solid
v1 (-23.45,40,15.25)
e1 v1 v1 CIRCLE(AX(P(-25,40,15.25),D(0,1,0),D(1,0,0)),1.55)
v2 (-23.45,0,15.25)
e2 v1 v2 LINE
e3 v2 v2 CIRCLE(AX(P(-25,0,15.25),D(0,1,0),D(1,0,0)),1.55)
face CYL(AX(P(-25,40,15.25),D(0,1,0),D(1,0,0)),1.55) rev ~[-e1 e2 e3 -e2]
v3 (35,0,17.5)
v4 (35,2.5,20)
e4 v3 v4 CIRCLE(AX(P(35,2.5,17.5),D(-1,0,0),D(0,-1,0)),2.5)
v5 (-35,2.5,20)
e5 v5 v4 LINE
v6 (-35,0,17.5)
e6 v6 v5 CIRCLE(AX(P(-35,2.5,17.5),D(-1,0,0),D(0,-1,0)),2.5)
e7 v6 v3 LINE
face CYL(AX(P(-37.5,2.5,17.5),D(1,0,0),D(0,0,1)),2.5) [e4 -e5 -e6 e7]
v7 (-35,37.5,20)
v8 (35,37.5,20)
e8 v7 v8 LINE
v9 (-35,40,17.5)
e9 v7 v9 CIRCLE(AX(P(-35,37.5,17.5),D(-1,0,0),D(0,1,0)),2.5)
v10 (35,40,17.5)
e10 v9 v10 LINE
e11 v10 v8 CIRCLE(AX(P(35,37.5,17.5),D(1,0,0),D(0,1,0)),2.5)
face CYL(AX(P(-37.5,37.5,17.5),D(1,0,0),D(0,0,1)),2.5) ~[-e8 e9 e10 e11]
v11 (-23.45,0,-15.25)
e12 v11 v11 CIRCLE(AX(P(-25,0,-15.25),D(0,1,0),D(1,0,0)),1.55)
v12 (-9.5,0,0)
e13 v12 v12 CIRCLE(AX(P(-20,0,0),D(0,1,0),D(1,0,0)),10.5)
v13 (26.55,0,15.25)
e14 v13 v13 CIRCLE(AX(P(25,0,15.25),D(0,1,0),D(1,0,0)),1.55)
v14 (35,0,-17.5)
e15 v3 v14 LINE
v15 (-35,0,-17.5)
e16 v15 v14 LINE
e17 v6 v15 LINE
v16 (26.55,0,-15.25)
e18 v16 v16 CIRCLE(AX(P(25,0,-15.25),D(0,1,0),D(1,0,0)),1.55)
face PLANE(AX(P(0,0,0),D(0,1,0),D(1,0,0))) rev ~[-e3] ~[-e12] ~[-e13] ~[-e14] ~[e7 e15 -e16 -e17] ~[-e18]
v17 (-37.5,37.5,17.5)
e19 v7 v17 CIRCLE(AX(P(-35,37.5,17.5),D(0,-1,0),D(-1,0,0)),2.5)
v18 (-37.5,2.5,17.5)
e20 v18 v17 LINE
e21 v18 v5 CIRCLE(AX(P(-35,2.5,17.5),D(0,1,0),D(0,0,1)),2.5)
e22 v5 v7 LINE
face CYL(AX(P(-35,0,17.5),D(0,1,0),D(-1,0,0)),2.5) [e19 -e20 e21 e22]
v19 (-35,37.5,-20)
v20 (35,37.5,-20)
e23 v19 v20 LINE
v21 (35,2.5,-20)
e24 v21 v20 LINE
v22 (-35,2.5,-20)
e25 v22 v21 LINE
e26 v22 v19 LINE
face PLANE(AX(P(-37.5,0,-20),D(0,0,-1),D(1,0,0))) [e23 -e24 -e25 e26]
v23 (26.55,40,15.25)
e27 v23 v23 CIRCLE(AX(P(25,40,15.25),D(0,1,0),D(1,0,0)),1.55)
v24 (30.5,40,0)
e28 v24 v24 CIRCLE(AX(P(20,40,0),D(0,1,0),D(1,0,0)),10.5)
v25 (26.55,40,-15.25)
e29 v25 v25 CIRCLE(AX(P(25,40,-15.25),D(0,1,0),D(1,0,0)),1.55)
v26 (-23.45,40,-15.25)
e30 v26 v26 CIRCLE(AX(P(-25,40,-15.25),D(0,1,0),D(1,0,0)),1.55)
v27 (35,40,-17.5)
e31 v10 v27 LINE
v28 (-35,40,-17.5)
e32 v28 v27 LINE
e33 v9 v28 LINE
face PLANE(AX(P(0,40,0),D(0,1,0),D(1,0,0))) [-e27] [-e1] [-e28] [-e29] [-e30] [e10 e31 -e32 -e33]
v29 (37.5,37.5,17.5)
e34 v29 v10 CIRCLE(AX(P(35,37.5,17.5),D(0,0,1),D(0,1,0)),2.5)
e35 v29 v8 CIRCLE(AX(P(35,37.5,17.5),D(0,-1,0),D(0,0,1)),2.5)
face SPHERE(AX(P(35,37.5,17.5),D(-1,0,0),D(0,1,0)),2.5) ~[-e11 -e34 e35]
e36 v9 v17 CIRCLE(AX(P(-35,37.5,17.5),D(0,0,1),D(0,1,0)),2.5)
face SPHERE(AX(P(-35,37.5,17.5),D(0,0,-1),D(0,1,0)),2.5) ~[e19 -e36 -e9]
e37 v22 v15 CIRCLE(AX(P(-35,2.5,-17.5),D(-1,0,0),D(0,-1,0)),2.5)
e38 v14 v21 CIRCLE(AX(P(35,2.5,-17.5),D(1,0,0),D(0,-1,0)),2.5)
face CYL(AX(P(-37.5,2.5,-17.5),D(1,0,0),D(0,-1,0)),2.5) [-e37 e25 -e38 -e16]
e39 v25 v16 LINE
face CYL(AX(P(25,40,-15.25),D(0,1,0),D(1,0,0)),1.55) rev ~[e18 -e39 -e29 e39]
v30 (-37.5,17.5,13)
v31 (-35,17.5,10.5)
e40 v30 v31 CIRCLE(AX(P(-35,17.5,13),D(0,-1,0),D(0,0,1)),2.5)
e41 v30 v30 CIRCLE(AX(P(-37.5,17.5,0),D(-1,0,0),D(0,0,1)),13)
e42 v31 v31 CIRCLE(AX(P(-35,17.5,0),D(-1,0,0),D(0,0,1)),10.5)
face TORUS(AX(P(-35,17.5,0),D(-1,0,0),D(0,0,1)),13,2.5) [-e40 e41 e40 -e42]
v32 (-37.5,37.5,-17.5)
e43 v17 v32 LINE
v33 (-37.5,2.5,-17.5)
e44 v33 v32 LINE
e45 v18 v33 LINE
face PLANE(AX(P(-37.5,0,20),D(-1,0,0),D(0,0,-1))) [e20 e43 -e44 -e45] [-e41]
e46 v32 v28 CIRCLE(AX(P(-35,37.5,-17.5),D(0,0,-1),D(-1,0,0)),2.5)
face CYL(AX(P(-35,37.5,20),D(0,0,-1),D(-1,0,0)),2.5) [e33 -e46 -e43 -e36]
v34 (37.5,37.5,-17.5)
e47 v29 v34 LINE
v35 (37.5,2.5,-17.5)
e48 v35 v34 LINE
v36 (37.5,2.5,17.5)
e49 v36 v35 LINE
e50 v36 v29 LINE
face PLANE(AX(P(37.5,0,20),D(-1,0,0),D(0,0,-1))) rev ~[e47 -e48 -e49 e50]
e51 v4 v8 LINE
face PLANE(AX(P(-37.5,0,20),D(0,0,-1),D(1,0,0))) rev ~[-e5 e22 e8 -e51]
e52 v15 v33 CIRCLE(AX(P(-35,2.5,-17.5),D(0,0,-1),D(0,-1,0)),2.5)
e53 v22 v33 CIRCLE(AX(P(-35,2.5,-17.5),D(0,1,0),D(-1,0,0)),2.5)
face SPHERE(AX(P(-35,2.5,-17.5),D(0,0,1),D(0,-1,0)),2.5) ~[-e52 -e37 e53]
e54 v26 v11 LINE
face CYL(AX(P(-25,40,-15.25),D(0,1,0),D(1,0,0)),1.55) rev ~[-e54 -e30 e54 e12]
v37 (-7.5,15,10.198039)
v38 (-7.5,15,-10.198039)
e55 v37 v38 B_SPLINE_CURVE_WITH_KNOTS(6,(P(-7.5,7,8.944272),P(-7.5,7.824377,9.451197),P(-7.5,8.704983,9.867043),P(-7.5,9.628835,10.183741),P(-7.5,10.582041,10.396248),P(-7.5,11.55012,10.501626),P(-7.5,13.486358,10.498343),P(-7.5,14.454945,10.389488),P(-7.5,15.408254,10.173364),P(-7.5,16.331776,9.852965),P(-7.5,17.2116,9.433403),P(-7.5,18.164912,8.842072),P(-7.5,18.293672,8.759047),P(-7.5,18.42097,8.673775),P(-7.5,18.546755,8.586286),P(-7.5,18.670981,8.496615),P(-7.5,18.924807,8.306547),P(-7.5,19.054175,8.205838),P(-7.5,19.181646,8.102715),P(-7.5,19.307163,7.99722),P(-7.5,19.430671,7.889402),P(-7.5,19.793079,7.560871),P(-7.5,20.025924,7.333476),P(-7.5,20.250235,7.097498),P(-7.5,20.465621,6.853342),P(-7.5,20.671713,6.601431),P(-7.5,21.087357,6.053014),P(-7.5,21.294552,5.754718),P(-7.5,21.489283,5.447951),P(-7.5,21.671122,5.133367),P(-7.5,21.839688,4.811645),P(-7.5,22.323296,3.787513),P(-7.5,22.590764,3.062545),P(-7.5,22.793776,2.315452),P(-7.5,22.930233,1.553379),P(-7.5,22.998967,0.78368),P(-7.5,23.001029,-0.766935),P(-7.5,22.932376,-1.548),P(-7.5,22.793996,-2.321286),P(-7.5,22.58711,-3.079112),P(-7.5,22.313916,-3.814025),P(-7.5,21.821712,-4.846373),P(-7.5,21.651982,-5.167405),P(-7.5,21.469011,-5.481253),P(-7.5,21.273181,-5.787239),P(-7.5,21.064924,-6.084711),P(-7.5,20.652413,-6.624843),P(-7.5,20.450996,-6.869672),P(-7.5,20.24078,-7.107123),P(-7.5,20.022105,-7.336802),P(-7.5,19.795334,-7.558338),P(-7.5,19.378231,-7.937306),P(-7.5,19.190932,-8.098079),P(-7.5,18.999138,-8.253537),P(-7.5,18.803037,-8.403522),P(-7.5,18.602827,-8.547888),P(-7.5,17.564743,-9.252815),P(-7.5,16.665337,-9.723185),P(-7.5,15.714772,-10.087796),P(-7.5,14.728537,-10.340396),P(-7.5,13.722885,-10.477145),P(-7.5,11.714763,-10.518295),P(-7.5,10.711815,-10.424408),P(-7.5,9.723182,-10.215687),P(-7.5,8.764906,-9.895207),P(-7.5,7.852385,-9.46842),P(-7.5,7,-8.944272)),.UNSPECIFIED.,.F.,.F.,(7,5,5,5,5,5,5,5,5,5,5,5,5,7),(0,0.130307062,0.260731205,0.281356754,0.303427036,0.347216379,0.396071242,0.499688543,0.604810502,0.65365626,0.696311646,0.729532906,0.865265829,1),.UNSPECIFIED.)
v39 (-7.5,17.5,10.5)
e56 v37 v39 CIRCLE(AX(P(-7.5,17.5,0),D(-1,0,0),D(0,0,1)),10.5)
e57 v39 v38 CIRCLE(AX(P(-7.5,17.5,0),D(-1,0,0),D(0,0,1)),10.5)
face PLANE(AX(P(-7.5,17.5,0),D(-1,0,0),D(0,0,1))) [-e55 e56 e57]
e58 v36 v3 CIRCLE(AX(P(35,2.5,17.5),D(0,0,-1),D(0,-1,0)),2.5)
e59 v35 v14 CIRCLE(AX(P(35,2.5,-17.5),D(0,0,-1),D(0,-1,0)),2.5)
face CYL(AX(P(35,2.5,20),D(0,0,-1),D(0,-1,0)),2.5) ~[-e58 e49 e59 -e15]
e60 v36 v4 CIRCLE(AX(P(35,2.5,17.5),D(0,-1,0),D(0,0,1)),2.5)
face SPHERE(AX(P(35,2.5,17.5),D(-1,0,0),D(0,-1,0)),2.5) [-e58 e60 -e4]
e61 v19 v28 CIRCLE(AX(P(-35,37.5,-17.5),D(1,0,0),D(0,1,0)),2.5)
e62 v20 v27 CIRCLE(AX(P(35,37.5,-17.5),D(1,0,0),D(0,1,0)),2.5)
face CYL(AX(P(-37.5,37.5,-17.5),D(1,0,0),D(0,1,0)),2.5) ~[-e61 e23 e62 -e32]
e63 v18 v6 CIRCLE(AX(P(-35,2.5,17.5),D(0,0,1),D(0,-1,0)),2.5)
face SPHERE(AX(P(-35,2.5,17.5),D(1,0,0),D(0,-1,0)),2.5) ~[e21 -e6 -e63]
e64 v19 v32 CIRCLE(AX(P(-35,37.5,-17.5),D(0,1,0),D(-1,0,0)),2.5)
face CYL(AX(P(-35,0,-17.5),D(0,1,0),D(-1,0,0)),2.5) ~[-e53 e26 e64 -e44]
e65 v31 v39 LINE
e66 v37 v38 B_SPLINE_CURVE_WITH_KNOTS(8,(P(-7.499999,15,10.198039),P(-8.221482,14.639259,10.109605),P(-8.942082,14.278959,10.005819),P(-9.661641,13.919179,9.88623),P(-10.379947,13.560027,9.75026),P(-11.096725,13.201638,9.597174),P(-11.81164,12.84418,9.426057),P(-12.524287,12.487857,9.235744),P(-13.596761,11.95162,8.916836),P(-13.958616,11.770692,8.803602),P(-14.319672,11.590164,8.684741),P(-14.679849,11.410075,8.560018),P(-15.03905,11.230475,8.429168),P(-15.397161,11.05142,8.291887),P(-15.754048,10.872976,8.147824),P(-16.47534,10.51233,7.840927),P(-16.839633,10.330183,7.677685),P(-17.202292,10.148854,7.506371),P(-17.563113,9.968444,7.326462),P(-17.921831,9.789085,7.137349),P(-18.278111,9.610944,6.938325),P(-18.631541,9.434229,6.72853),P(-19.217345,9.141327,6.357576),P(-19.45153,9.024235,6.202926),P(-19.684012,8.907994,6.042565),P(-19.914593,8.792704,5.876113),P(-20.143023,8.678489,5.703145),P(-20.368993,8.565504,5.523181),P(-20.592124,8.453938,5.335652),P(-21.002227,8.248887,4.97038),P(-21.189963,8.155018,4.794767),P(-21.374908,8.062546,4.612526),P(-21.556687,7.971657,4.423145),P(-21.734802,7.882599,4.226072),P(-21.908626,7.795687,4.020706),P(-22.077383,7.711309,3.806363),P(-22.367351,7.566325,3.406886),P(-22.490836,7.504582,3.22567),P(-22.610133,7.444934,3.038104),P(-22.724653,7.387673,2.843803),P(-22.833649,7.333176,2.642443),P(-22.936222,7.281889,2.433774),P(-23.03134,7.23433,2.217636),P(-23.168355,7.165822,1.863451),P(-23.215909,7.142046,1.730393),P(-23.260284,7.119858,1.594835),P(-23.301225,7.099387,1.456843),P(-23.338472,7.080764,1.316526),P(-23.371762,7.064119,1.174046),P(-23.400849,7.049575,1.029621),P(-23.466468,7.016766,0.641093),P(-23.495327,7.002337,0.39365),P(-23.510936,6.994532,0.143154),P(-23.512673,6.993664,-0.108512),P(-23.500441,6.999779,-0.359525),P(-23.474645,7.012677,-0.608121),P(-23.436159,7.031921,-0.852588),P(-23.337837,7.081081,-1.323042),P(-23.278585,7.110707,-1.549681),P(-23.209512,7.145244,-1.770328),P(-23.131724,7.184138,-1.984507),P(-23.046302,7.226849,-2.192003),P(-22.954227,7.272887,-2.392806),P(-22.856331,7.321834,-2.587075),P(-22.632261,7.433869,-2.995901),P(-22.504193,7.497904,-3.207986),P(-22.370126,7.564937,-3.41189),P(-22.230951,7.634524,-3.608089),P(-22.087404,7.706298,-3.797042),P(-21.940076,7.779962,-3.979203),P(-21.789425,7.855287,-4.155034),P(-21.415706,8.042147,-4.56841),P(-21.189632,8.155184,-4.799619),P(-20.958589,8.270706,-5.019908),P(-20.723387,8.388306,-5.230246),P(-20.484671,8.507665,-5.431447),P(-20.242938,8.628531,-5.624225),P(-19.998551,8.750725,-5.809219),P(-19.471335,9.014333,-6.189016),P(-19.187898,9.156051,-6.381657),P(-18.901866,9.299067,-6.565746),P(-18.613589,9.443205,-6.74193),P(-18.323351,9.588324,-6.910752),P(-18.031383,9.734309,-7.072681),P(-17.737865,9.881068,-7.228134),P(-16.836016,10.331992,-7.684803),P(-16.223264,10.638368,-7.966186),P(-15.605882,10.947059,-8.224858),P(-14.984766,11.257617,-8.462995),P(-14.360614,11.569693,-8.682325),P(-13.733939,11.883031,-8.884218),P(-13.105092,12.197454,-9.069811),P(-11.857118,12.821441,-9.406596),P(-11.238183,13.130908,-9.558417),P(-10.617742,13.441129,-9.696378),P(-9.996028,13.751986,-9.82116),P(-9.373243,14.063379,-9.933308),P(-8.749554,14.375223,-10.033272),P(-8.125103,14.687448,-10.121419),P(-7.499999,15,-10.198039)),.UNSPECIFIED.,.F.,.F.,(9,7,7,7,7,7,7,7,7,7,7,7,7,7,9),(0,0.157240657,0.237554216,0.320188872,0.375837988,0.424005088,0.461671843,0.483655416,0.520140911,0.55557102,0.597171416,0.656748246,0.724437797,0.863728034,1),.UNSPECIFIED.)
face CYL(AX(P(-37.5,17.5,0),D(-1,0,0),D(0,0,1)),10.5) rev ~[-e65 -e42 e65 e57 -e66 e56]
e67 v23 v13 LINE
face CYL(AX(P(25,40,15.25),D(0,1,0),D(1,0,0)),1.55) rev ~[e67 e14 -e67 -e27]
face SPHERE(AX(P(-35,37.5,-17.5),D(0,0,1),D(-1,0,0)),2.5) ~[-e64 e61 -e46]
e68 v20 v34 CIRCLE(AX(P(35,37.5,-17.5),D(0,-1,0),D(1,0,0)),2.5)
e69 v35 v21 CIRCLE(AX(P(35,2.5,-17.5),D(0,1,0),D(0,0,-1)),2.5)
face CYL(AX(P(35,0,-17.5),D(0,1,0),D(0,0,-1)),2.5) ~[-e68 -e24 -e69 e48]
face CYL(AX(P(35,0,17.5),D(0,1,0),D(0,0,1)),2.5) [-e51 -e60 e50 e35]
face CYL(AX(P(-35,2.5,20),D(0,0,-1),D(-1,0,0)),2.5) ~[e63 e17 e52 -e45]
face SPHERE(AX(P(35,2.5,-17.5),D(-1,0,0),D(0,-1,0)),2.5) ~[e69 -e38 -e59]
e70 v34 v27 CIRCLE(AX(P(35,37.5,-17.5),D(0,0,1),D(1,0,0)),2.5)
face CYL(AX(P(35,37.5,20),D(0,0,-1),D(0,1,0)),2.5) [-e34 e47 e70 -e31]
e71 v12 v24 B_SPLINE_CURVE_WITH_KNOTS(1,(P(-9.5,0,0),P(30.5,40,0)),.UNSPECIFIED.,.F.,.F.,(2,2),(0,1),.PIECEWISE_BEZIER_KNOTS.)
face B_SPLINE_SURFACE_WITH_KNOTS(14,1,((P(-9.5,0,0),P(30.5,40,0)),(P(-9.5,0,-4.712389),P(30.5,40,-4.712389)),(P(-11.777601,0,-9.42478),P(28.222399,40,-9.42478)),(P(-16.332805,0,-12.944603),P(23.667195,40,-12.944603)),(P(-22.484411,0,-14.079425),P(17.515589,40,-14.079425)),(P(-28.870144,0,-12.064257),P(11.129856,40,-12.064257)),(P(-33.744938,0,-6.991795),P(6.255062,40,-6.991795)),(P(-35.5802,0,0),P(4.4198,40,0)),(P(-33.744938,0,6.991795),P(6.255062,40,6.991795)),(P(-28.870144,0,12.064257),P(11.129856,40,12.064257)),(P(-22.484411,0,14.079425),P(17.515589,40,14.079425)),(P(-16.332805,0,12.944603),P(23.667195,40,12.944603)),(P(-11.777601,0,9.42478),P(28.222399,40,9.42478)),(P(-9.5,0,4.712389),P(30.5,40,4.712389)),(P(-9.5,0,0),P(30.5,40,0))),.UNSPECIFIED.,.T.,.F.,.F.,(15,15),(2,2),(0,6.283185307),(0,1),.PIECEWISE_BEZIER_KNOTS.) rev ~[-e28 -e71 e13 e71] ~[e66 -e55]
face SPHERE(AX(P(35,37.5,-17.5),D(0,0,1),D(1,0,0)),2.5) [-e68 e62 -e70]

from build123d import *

# Parameters (mm, degrees)
SKETCH1_W           = 75
SKETCH1_H           = 40
BOSS_EXTRUDE1_DEPTH = 40
SKETCH2_R           = 10.5
CUT_EXTRUDE1_DEPTH  = 30
SKETCH3_R           = 1.55
CUT_EXTRUDE2_DEPTH  = 40
FILLET1_R           = 2.5
SKETCH6_R           = 10.5
SKETCH4_R           = 10.5


with BuildPart() as part:
    # Sketch1 → Boss-Extrude1 (new body)
    with BuildSketch(Plane(origin=(0, 0, 0), x_dir=(1, 0, 0), z_dir=(0, 1, 0))):
        Rectangle(SKETCH1_W, SKETCH1_H)
    extrude(amount=BOSS_EXTRUDE1_DEPTH)

    # Sketch2 → Cut-Extrude1 (cut)
    with BuildSketch(Plane.ZY.offset(37.5)):
        with Locations((0, 17.5)):
            Circle(SKETCH2_R)
    extrude(amount=-CUT_EXTRUDE1_DEPTH, mode=Mode.SUBTRACT)

    # Sketch3 → Cut-Extrude2 (cut)
    with BuildSketch(Plane(origin=(0, 40, 0), x_dir=(1, 0, 0), z_dir=(0, 1, 0))):
        with Locations((-25, 15.25)):
            Circle(SKETCH3_R)
        with Locations((25, 15.25)):
            Circle(SKETCH3_R)
        with Locations((-25, -15.25)):
            Circle(SKETCH3_R)
        with Locations((25, -15.25)):
            Circle(SKETCH3_R)
    extrude(amount=-CUT_EXTRUDE2_DEPTH, mode=Mode.SUBTRACT)

    # Fillet1
    fillet1_edges = [part.edges().sort_by_distance(p)[0] for p in [
        (-37.5, 40, 0),
        (-37.5, 17.5, -10.5),
        (0, 40, 20),
        (37.5, 40, 0),
        (0, 0, 20),
        (-37.5, 0, 0),
        (0, 0, -20),
        (37.5, 0, 0),
        (37.5, 20, 20),
        (-37.5, 20, 20),
        (-37.5, 20, -20),
        (37.5, 20, -20),
        (0, 40, -20),
    ]]
    fillet(fillet1_edges, radius=FILLET1_R)

    # Sketch6 → Cut-Loft1 section 0
    with BuildSketch(Plane(origin=(0, 0, 0), x_dir=(1, 0, 0), z_dir=(0, 1, 0))):
        with Locations((-20, 0)):
            Circle(SKETCH6_R)
    # Sketch4 → Cut-Loft1 section 1
    with BuildSketch(Plane(origin=(0, 40, 0), x_dir=(1, 0, 0), z_dir=(0, 1, 0))):
        with Locations((20, 0)):
            Circle(SKETCH4_R)
    loft(mode=Mode.SUBTRACT)


solid = part.part
